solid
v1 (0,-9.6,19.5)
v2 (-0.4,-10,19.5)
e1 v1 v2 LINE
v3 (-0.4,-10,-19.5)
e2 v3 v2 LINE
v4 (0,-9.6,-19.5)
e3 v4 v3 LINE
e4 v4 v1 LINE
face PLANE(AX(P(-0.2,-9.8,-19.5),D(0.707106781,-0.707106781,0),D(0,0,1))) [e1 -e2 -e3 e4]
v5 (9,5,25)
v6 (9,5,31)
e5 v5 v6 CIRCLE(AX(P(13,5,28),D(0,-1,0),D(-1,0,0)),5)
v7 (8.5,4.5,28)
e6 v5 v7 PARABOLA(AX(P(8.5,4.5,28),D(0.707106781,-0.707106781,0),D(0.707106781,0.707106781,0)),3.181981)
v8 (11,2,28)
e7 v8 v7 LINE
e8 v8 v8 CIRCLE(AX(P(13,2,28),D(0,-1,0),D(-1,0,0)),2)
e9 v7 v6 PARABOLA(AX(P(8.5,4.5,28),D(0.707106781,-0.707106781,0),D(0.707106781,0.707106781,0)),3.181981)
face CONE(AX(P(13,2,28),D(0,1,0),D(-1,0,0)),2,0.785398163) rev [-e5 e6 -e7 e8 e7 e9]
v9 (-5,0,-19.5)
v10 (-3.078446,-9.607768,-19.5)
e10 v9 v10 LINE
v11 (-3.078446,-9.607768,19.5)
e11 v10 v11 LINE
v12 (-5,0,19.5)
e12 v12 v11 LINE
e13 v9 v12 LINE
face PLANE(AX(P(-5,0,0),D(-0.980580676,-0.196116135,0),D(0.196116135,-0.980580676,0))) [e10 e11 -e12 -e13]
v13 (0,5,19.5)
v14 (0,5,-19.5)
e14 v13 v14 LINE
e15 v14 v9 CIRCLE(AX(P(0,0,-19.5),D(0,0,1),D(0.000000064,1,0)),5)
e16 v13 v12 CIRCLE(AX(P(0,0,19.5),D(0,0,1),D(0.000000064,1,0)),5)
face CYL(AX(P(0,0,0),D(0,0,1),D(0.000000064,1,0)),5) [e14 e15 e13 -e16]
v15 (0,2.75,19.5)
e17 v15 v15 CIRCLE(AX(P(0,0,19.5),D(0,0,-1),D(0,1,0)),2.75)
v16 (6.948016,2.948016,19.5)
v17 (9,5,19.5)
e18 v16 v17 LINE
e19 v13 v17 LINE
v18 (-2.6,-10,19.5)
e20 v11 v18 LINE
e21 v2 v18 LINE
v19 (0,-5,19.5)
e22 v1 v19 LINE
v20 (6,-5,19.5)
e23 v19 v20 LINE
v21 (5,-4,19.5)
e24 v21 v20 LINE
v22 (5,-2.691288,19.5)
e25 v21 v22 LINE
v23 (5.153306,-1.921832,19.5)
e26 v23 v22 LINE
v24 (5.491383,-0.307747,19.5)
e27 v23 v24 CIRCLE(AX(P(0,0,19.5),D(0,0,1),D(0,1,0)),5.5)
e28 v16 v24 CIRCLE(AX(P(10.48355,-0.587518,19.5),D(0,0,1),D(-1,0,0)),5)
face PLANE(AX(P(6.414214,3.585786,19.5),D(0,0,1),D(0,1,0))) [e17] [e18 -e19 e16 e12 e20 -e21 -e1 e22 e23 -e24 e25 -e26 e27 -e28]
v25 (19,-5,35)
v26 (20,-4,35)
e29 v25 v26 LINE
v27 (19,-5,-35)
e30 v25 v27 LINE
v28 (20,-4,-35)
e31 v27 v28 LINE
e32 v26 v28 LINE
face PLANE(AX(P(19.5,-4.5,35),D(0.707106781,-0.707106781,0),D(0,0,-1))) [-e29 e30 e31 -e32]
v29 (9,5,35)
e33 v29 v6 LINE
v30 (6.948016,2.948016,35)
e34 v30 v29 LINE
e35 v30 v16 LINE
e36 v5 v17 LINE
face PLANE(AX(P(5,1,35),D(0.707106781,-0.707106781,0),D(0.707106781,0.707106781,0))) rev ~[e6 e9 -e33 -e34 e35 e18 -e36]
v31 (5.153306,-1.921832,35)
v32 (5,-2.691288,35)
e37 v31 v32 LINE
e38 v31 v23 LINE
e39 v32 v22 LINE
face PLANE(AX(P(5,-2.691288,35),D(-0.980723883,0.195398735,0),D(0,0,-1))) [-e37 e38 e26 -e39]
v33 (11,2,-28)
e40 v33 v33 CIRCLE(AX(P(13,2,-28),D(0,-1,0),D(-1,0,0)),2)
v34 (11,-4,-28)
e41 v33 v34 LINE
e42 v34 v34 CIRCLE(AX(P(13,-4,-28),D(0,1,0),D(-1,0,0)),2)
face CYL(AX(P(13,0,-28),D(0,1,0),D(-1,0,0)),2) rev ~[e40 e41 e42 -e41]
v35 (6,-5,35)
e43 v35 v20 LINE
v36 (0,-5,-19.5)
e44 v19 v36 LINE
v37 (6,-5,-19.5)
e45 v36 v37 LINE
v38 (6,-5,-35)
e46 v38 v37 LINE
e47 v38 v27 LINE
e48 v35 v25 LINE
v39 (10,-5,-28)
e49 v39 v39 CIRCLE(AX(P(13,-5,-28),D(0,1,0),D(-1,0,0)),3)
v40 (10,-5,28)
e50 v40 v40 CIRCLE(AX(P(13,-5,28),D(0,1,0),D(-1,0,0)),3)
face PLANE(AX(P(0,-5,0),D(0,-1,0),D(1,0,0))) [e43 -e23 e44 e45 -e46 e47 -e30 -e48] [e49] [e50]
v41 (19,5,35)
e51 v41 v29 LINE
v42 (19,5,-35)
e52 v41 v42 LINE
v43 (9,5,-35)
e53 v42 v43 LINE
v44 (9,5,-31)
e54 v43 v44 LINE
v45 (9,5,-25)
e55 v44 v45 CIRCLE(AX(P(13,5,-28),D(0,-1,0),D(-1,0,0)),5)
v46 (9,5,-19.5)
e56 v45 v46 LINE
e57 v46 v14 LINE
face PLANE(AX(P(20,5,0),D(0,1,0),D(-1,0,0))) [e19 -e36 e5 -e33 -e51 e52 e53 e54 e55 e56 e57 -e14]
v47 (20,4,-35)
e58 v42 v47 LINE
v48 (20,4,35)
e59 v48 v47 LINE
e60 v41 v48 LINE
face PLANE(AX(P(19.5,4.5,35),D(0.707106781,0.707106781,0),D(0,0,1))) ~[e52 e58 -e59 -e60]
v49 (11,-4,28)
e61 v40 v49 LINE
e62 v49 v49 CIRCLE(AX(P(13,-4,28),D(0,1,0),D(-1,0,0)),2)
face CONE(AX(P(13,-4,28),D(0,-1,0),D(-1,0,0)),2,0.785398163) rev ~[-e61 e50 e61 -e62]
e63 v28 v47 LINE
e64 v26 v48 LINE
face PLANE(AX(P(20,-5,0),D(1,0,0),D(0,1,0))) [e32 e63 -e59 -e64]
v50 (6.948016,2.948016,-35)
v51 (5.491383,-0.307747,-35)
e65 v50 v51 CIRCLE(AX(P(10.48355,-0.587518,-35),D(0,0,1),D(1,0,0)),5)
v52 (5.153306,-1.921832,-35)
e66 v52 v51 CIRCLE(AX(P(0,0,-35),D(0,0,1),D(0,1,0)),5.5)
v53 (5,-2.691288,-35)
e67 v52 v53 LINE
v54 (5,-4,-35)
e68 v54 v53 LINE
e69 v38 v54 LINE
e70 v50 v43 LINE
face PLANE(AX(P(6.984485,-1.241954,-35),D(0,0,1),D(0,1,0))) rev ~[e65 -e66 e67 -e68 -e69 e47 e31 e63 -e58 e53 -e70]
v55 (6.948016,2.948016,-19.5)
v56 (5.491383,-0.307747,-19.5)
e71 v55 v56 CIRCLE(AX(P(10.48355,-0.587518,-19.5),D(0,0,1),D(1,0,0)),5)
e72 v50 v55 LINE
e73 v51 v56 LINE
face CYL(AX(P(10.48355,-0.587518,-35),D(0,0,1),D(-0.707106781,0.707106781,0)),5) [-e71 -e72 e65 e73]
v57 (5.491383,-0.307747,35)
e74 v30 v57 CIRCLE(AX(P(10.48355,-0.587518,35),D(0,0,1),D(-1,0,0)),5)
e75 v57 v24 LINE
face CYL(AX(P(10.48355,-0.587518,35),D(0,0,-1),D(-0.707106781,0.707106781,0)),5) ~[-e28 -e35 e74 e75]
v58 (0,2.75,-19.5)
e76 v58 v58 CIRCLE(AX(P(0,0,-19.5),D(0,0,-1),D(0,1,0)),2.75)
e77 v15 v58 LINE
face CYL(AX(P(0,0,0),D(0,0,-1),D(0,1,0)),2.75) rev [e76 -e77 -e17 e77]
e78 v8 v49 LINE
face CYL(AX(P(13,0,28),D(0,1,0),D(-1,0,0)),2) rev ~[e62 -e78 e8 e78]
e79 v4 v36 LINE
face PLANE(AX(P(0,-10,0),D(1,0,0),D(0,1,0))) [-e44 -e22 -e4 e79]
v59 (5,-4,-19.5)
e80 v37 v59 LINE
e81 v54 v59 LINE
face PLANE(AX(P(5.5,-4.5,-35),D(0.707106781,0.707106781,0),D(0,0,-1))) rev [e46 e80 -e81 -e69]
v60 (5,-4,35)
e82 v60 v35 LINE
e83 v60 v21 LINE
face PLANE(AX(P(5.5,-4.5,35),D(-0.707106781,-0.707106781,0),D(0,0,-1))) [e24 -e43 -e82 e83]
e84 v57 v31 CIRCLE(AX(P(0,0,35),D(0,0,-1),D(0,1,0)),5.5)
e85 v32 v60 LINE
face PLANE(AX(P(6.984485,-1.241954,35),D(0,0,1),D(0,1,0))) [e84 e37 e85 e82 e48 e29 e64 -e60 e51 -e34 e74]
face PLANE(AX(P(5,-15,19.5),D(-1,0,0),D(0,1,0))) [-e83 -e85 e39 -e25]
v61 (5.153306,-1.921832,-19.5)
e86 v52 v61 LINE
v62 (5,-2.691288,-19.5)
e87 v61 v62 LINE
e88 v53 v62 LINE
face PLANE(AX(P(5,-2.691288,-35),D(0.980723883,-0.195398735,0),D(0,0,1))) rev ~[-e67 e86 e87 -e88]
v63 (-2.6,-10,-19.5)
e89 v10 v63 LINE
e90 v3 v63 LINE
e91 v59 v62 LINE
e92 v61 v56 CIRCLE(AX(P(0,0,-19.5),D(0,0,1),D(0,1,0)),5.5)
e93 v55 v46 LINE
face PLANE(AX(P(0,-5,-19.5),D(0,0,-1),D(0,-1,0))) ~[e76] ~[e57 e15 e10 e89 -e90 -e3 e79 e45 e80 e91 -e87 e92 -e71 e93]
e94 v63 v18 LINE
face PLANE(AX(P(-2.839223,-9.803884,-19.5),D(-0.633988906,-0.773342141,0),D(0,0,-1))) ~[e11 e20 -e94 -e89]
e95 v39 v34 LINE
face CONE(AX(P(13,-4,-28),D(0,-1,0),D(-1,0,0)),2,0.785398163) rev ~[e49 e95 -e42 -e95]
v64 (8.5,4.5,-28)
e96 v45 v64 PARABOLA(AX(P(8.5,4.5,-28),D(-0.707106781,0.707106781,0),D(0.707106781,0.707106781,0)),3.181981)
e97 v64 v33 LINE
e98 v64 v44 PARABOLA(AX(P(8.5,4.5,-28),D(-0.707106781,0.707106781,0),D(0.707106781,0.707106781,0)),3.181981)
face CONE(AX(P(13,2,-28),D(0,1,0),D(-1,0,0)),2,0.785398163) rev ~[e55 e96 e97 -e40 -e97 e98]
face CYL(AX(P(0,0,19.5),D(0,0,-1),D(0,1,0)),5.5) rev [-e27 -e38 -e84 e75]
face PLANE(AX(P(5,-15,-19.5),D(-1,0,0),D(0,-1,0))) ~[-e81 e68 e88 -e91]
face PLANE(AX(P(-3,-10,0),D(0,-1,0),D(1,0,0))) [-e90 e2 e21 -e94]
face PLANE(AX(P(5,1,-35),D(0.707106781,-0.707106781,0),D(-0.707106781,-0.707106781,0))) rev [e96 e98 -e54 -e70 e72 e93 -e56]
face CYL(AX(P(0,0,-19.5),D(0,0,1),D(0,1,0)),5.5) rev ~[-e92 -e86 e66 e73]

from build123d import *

# Parameters (mm, degrees)
SKETCH010_R             = 2.75
PAD005_DEPTH            = 35
SKETCH011_W             = 20
SKETCH011_H             = 10
POCKET005_DEPTH         = 167.158509
CHAMFER010_SIZE         = 0.4
SKETCH012_R             = 5.5
POCKET006_DEPTH         = 167.158509
CHAMFER011_SIZE         = 0.4
CHAMFER012_SIZE         = 1
SKETCH013_R             = 2
POCKET007_DEPTH         = 10.001
POCKET007_DEPTH_BACK    = 5.001
CHAMFER013_SIZE         = 1
CHAMFER020_SIZE         = 3
POCKET010_DEPTH         = 15.5
FILLET006_R             = 5
BODY004_PLACEMENT_ANGLE = 90


with BuildPart() as part:
    # Sketch010 → Pad005 (new body, symmetric)
    with BuildSketch(Plane.XY):
        with BuildLine():
            ThreePointArc((5, 0), (3.535534, 3.535534), (0, 5))
            Line((0, 5), (-10, 3))
            Line((-10, 3), (-10, 0))
            Line((-10, 0), (-5, 0))
            Line((-5, 0), (-5, -20))
            Line((-5, -20), (5, -20))
            Line((5, -20), (5, 0))
        make_face()
        Circle(SKETCH010_R, mode=Mode.SUBTRACT)
    extrude(amount=PAD005_DEPTH, both=True)

    # Sketch011 → Pocket005 (cut, through all)
    with BuildSketch(Plane.XY.offset(19.5)):
        with Locations((-5, 0)):
            Rectangle(SKETCH011_W, SKETCH011_H)
    pocket005 = extrude(amount=POCKET005_DEPTH, mode=Mode.SUBTRACT)

    # Mirrored: Pocket005 across XY
    add(pocket005.mirror(Plane.XY), mode=Mode.SUBTRACT)

    # Chamfer010
    chamfer010_edges = [part.edges().sort_by_distance(p)[0] for p in [
        (-10, 3, 0),
        (-10, 0, 0),
    ]]
    chamfer(chamfer010_edges, length=CHAMFER010_SIZE)

    # Sketch012 (on Face12 of Chamfer010) → Pocket006 (cut, through all)
    with BuildSketch(Plane.XY.offset(19.5)):
        Circle(SKETCH012_R)
    pocket006 = extrude(amount=POCKET006_DEPTH, mode=Mode.SUBTRACT)

    # Mirrored001: Pocket006 across XY
    add(pocket006.mirror(Plane.XY), mode=Mode.SUBTRACT)

    # Chamfer011
    chamfer011_edges = [part.edges().sort_by_distance(p)[0] for p in [
        (-2.291288, -5, -27.25),
        (2.291288, -5, -27.25),
        (2.291288, -5, 27.25),
        (-2.291288, -5, 27.25),
    ]]
    chamfer(chamfer011_edges, length=CHAMFER011_SIZE)

    # Chamfer012
    chamfer012_edges = [part.edges().sort_by_distance(p)[0] for p in [
        (-5, -5, 27.25),
        (5, -5, 27.25),
        (5, -5, -27.25),
        (-5, -5, -27.25),
        (-5, -20, 0),
        (5, -20, 0),
    ]]
    chamfer(chamfer012_edges, length=CHAMFER012_SIZE)

    # Sketch013 → Pocket007 (cut, two sides)
    with BuildSketch(Plane.YZ) as pocket007_sk:
        with Locations((-13, 28)):
            Circle(SKETCH013_R)
        with Locations((-13, -28)):
            Circle(SKETCH013_R)
    extrude(amount=-POCKET007_DEPTH, mode=Mode.SUBTRACT)
    extrude(pocket007_sk.sketch, amount=POCKET007_DEPTH_BACK, mode=Mode.SUBTRACT)

    # Chamfer013
    chamfer013_edges = [part.edges().sort_by_distance(p)[0] for p in [
        (-5, -15, -28),
        (-5, -15, 28),
    ]]
    chamfer(chamfer013_edges, length=CHAMFER013_SIZE)

    # Chamfer020
    chamfer020_edges = [part.edges().sort_by_distance(p)[0] for p in [
        (5, -15, -28),
        (5, -15, 28),
    ]]
    chamfer(chamfer020_edges, length=CHAMFER020_SIZE)

    # Sketch017 (on Face9 of Chamfer020) → Pocket010 (cut)
    with BuildSketch(Plane.XY.offset(35)):
        Polygon((5, -5), (1, -5), (5, -9), align=None)
    pocket010 = extrude(amount=-POCKET010_DEPTH, mode=Mode.SUBTRACT)

    # Mirrored002: Pocket010 across XY
    add(pocket010.mirror(Plane.XY), mode=Mode.SUBTRACT)

    # Fillet006
    fillet006_edges = [part.edges().sort_by_distance(p)[0] for p in [
        (1.335416, -5.335416, 27.25),
        (1.335416, -5.335416, -27.25),
    ]]
    fillet(fillet006_edges, radius=FILLET006_R)


with BuildPart() as part_1:
    # Body004 placement: moved
    add(part.part.rotate(Axis((0, 0, 0), (0, 0, 1)), BODY004_PLACEMENT_ANGLE))


solid = part_1.part
